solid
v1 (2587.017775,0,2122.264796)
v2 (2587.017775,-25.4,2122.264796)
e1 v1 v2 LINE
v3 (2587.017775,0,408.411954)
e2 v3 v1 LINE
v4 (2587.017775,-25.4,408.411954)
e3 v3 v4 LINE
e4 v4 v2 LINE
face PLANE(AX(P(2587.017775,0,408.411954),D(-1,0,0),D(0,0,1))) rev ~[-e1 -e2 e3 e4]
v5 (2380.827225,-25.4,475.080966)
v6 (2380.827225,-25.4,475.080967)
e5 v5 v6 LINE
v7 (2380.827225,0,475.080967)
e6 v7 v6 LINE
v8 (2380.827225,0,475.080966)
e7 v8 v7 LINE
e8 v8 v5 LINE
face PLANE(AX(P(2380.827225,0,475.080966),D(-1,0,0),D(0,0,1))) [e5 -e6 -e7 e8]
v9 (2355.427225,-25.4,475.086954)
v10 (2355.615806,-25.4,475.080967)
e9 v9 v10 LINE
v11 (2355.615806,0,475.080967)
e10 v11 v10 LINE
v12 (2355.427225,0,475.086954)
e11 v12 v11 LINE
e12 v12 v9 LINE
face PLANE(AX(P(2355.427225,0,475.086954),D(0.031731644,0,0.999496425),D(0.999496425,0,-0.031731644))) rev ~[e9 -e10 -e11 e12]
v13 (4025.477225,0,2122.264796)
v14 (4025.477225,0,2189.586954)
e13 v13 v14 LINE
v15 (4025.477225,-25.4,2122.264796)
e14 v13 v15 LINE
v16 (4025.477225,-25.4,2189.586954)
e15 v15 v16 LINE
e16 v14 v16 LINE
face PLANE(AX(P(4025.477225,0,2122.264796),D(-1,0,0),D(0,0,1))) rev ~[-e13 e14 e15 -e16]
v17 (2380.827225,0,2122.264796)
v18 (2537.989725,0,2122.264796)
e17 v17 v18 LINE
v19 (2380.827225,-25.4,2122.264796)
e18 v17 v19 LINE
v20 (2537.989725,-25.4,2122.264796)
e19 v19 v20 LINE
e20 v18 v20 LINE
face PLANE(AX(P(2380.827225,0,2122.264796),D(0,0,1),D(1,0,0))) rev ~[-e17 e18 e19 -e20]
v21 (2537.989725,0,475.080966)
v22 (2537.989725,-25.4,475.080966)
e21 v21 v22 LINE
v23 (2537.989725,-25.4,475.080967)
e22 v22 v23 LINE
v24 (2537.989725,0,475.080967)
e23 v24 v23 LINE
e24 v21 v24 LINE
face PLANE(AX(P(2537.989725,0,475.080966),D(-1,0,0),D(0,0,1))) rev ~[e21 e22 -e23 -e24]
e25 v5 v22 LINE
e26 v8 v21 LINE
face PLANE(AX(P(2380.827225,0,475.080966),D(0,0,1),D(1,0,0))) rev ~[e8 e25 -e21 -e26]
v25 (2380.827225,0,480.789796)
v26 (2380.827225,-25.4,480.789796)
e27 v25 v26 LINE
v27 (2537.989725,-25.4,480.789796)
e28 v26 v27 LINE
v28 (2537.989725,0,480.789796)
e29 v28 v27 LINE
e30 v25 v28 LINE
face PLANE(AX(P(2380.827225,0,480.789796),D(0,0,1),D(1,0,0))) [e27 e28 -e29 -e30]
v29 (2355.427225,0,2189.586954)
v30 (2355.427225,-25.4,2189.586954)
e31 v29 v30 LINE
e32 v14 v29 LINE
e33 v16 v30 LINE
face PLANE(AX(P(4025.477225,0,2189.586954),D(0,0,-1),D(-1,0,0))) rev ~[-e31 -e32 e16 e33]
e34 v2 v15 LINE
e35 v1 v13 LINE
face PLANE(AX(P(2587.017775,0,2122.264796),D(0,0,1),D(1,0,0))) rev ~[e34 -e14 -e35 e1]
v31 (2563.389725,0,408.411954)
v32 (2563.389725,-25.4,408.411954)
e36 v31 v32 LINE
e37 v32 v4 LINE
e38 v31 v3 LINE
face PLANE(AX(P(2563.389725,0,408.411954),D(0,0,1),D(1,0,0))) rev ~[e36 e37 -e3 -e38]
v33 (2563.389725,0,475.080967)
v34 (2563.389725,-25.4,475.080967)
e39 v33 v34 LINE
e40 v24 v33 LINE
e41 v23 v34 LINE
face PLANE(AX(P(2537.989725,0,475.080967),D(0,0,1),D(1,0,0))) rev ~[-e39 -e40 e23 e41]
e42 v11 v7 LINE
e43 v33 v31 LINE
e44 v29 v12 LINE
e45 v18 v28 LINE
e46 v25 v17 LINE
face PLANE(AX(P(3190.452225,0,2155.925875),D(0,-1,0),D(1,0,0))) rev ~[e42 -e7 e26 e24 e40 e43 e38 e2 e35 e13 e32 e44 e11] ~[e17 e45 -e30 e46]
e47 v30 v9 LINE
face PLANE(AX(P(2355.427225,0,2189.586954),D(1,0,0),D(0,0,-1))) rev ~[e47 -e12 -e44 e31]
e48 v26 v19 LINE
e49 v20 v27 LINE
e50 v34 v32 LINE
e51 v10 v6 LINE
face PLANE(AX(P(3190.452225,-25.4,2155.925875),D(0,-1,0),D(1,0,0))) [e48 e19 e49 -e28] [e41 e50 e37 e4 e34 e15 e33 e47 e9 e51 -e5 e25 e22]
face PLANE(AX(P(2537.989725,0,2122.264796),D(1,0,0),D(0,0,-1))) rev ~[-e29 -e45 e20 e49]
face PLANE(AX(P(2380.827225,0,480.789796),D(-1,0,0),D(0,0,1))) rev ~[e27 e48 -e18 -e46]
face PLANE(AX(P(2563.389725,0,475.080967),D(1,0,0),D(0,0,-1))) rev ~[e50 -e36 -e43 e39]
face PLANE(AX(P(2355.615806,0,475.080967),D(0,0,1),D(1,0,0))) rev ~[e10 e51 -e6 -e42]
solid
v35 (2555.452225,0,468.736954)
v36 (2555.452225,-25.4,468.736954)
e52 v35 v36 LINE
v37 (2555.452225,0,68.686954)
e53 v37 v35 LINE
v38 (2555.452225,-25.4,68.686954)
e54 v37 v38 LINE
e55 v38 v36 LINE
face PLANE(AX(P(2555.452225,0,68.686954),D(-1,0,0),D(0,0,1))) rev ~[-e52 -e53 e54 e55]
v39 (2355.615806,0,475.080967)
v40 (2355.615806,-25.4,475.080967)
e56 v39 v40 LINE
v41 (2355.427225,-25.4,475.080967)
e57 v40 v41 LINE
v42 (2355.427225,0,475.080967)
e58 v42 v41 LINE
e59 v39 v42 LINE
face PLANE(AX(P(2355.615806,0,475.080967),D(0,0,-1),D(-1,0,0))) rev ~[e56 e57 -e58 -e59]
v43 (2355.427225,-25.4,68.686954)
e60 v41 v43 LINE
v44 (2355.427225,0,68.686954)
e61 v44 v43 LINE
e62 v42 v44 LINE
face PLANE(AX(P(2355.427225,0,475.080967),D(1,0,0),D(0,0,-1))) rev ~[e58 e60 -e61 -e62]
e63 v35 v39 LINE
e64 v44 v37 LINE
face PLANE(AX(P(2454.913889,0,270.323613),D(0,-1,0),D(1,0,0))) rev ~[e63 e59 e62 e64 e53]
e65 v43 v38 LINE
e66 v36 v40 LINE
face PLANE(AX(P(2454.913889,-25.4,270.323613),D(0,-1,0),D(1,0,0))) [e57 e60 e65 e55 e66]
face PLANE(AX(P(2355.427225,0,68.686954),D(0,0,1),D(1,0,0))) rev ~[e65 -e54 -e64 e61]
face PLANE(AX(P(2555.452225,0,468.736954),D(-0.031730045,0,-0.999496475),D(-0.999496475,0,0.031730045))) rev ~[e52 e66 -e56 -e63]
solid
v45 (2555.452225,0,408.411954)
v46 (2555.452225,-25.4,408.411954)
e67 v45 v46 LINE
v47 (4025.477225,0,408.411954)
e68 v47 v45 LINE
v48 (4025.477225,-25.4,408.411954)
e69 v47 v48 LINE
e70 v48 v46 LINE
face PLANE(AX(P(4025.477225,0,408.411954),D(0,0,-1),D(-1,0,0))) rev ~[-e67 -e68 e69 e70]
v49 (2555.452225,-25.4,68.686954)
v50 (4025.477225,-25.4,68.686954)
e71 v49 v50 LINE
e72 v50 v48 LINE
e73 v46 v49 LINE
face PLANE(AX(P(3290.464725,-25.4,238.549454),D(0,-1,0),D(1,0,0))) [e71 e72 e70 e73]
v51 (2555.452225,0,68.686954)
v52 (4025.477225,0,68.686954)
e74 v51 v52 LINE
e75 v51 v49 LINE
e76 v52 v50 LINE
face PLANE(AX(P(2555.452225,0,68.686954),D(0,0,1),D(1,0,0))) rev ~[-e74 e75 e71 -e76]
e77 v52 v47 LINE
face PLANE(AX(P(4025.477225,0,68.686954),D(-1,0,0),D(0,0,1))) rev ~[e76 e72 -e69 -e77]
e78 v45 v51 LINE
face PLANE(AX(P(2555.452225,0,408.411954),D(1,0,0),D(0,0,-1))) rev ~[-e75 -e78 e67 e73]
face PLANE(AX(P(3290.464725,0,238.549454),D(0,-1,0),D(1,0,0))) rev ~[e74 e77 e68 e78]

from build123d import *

# Parameters (mm, degrees)
F0_W     = 157.1625
F0_H     = 5.708829
F1_DEPTH = 25.4
F2_DEPTH = 25.4


with BuildPart() as f1:
    # F0 (on Front) → F1 (new body)
    with BuildSketch(Plane.XZ):
        Polygon((2563.389725, 2122.264796), (2587.017775, 2122.264796), (4025.477225, 2122.264796), (4025.477225, 2189.586954), (2355.427225, 2189.586954), (2355.427225, 2122.264796), (2380.827225, 2122.264796), (2537.989725, 2122.264796), align=None)
        Polygon((2355.427225, 475.086954), (2355.615806, 475.080967), (2380.827225, 475.080967), (2380.827225, 480.789796), (2380.827225, 2122.264796), (2355.427225, 2122.264796), align=None)
        Polygon((2537.989725, 475.080967), (2563.389725, 475.080967), (2563.389725, 2122.264796), (2537.989725, 2122.264796), (2537.989725, 480.789796), align=None)
        Polygon((2563.389725, 475.080967), (2563.389725, 408.411954), (2587.017775, 408.411954), (2587.017775, 2122.264796), (2563.389725, 2122.264796), align=None)
        with Locations((2459.408475, 477.935381)):
            Rectangle(F0_W, F0_H)
        Polygon((2355.427225, 68.686954), (2555.452225, 68.686954), (2555.452225, 408.411954), (2555.452225, 468.736954), (2355.615806, 475.080967), (2355.427225, 475.080967), align=None)
    extrude(amount=F1_DEPTH)


with BuildPart() as f2:
    # F0 (on Front) → F2 (new body)
    with BuildSketch(Plane.XZ):
        Polygon((2555.452225, 408.411954), (2555.452225, 68.686954), (4025.477225, 68.686954), (4025.477225, 408.411954), (2587.017775, 408.411954), (2563.389725, 408.411954), align=None)
    extrude(amount=F2_DEPTH)


solid = Compound([f1.part, f2.part])
